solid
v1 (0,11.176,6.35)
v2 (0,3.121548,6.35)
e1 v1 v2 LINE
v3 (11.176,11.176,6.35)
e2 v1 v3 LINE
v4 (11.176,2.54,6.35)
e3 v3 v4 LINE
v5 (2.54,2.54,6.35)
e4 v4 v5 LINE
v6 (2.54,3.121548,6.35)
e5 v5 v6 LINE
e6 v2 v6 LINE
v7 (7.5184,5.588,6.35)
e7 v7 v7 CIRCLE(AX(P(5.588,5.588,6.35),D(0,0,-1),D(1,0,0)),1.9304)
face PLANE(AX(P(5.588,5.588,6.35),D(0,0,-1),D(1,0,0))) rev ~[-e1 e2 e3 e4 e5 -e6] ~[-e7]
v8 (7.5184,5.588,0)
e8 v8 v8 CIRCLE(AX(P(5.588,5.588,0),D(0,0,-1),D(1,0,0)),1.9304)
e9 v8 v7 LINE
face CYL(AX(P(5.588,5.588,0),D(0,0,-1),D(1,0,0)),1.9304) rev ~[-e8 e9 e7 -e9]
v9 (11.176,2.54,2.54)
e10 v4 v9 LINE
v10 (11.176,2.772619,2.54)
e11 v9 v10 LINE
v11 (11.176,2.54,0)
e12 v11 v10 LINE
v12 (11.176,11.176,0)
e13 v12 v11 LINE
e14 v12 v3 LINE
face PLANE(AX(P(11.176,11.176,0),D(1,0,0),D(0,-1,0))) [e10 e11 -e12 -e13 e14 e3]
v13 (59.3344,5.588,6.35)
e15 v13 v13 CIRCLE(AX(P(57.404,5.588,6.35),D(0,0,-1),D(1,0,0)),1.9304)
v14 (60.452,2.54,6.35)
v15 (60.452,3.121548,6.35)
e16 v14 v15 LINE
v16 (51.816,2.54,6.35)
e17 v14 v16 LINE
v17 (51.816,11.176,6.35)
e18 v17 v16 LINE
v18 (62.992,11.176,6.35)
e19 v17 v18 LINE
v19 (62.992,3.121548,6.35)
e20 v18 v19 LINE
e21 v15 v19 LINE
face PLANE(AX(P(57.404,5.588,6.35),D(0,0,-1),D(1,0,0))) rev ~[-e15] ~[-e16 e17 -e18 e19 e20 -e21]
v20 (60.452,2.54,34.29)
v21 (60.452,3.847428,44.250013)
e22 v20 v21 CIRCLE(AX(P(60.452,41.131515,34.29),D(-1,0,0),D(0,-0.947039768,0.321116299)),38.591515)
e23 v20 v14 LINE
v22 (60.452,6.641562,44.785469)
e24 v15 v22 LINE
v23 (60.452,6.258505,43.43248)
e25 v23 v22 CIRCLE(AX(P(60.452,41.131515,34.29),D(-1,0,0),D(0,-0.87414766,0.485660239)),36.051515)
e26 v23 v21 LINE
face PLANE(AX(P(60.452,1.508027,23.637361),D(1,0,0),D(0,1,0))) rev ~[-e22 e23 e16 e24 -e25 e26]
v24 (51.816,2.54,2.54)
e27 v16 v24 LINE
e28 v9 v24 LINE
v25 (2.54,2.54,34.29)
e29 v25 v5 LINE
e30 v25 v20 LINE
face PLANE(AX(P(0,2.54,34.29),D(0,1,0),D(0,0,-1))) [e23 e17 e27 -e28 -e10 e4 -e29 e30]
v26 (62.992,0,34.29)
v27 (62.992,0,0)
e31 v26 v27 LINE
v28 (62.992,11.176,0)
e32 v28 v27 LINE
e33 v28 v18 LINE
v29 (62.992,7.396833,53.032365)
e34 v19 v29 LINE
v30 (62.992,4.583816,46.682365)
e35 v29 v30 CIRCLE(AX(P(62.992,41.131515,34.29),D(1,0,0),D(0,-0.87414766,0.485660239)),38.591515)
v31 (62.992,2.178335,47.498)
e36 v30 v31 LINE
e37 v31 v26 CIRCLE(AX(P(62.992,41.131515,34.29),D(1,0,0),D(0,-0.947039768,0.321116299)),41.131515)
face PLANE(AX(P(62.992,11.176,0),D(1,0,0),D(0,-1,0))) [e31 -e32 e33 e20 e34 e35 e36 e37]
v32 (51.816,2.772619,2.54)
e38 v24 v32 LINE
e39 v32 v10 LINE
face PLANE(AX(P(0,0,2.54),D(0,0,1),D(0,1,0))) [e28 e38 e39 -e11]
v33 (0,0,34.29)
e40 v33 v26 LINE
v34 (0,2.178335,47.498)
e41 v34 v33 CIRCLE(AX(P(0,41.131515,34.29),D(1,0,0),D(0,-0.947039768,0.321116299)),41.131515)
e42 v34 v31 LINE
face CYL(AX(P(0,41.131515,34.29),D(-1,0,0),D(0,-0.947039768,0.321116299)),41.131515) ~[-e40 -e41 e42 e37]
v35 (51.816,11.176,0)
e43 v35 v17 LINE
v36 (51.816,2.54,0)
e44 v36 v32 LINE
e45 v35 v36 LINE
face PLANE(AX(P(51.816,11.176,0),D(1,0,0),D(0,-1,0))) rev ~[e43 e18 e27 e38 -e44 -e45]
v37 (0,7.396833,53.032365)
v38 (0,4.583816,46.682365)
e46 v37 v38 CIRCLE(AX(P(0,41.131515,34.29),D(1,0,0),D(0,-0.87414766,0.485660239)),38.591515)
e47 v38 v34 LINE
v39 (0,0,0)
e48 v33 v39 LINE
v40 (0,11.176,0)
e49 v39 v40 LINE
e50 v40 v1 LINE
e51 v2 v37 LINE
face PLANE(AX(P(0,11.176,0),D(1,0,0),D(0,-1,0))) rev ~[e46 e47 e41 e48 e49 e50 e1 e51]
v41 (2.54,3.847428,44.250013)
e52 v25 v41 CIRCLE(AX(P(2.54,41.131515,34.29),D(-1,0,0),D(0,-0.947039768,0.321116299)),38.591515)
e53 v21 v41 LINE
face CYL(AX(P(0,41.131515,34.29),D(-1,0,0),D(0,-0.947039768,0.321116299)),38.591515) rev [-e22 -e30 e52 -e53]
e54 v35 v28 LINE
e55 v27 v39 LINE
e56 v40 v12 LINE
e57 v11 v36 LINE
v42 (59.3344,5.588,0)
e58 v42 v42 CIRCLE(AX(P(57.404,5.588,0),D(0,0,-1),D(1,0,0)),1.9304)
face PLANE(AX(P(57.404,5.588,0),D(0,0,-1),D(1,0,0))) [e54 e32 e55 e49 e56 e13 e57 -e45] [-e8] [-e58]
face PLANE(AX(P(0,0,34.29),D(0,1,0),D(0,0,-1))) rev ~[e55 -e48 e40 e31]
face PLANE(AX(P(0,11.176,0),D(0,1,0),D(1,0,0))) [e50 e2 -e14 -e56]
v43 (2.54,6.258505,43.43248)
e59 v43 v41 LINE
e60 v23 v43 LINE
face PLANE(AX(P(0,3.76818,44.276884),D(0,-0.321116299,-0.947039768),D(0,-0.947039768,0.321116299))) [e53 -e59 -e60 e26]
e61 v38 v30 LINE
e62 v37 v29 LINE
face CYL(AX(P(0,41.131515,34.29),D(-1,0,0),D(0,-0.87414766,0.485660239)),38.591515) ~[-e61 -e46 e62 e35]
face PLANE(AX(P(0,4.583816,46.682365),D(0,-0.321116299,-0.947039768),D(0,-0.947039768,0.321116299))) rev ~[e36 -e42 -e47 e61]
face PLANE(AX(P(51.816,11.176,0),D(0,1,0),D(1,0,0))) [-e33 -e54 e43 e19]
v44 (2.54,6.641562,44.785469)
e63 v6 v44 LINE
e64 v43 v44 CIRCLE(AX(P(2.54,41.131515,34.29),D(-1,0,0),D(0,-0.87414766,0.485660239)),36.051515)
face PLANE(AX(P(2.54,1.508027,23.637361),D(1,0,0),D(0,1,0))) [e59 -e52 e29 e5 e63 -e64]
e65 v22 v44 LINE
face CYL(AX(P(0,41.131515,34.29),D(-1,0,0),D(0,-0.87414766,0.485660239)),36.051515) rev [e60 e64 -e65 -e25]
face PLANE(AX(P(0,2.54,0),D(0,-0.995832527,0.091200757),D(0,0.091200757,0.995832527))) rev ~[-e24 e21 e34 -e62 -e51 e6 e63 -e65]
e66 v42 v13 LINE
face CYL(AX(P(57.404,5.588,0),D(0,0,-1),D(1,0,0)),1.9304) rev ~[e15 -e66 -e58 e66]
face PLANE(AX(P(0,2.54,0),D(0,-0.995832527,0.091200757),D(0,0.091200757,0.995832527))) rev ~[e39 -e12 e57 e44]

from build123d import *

# Parameters (mm, degrees)
F1_DEPTH = 62.992
F2_T     = -2.54
F3_W     = 11.176
F3_H     = 11.176
F3_R     = 1.9304
F4_DEPTH = 6.35


with BuildPart() as f1:
    # F0 (on Right) → F1 (new body)
    with BuildSketch(Plane.YZ):
        with BuildLine():
            Line((0, 34.29), (0, 0))
            Line((0, 0), (2.54, 0))
            Line((2.54, 0), (2.54, 34.29))
            ThreePointArc((2.54, 34.29), (3.0543819704, 40.5698861973), (4.5838156026, 46.6823646004))
            Line((4.5838156026, 46.6823646004), (2.1783345915, 47.498))
            ThreePointArc((2.1783345915, 47.498), (0.5482373448, 40.9832130848), (0, 34.29))
        make_face()
        with BuildLine():
            Line((2.54, 34.29), (2.54, 0))
            Line((2.54, 0), (7.3968325046, 53.0323646004))
            ThreePointArc((7.3968325046, 53.0323646004), (5.8471852484, 49.920774345), (4.5838156026, 46.6823646004))
            ThreePointArc((4.5838156026, 46.6823646004), (3.0543819704, 40.5698861973), (2.54, 34.29))
        make_face()
    extrude(amount=F1_DEPTH)

    # F2
    f2_openings = [f1.faces().sort_by_distance(p)[0] for p in [
        (31.496, 4.968416, 26.516182),
    ]]
    offset(amount=F2_T, openings=f2_openings, kind=Kind.INTERSECTION)

    # F3 (on face) → F4 (join)
    with BuildSketch(Plane(origin=(0, 0, 0), x_dir=(1, 0, 0), z_dir=(0, 0, -1))):
        with Locations((57.404, -5.588)):
            Rectangle(F3_W, F3_H)
        with Locations((57.404, -5.588)):
            Circle(F3_R, mode=Mode.SUBTRACT)
        with Locations((5.588, -5.588)):
            Rectangle(F3_W, F3_H)
        with Locations((5.588, -5.588)):
            Circle(F3_R, mode=Mode.SUBTRACT)
    extrude(amount=-F4_DEPTH)


solid = f1.part
